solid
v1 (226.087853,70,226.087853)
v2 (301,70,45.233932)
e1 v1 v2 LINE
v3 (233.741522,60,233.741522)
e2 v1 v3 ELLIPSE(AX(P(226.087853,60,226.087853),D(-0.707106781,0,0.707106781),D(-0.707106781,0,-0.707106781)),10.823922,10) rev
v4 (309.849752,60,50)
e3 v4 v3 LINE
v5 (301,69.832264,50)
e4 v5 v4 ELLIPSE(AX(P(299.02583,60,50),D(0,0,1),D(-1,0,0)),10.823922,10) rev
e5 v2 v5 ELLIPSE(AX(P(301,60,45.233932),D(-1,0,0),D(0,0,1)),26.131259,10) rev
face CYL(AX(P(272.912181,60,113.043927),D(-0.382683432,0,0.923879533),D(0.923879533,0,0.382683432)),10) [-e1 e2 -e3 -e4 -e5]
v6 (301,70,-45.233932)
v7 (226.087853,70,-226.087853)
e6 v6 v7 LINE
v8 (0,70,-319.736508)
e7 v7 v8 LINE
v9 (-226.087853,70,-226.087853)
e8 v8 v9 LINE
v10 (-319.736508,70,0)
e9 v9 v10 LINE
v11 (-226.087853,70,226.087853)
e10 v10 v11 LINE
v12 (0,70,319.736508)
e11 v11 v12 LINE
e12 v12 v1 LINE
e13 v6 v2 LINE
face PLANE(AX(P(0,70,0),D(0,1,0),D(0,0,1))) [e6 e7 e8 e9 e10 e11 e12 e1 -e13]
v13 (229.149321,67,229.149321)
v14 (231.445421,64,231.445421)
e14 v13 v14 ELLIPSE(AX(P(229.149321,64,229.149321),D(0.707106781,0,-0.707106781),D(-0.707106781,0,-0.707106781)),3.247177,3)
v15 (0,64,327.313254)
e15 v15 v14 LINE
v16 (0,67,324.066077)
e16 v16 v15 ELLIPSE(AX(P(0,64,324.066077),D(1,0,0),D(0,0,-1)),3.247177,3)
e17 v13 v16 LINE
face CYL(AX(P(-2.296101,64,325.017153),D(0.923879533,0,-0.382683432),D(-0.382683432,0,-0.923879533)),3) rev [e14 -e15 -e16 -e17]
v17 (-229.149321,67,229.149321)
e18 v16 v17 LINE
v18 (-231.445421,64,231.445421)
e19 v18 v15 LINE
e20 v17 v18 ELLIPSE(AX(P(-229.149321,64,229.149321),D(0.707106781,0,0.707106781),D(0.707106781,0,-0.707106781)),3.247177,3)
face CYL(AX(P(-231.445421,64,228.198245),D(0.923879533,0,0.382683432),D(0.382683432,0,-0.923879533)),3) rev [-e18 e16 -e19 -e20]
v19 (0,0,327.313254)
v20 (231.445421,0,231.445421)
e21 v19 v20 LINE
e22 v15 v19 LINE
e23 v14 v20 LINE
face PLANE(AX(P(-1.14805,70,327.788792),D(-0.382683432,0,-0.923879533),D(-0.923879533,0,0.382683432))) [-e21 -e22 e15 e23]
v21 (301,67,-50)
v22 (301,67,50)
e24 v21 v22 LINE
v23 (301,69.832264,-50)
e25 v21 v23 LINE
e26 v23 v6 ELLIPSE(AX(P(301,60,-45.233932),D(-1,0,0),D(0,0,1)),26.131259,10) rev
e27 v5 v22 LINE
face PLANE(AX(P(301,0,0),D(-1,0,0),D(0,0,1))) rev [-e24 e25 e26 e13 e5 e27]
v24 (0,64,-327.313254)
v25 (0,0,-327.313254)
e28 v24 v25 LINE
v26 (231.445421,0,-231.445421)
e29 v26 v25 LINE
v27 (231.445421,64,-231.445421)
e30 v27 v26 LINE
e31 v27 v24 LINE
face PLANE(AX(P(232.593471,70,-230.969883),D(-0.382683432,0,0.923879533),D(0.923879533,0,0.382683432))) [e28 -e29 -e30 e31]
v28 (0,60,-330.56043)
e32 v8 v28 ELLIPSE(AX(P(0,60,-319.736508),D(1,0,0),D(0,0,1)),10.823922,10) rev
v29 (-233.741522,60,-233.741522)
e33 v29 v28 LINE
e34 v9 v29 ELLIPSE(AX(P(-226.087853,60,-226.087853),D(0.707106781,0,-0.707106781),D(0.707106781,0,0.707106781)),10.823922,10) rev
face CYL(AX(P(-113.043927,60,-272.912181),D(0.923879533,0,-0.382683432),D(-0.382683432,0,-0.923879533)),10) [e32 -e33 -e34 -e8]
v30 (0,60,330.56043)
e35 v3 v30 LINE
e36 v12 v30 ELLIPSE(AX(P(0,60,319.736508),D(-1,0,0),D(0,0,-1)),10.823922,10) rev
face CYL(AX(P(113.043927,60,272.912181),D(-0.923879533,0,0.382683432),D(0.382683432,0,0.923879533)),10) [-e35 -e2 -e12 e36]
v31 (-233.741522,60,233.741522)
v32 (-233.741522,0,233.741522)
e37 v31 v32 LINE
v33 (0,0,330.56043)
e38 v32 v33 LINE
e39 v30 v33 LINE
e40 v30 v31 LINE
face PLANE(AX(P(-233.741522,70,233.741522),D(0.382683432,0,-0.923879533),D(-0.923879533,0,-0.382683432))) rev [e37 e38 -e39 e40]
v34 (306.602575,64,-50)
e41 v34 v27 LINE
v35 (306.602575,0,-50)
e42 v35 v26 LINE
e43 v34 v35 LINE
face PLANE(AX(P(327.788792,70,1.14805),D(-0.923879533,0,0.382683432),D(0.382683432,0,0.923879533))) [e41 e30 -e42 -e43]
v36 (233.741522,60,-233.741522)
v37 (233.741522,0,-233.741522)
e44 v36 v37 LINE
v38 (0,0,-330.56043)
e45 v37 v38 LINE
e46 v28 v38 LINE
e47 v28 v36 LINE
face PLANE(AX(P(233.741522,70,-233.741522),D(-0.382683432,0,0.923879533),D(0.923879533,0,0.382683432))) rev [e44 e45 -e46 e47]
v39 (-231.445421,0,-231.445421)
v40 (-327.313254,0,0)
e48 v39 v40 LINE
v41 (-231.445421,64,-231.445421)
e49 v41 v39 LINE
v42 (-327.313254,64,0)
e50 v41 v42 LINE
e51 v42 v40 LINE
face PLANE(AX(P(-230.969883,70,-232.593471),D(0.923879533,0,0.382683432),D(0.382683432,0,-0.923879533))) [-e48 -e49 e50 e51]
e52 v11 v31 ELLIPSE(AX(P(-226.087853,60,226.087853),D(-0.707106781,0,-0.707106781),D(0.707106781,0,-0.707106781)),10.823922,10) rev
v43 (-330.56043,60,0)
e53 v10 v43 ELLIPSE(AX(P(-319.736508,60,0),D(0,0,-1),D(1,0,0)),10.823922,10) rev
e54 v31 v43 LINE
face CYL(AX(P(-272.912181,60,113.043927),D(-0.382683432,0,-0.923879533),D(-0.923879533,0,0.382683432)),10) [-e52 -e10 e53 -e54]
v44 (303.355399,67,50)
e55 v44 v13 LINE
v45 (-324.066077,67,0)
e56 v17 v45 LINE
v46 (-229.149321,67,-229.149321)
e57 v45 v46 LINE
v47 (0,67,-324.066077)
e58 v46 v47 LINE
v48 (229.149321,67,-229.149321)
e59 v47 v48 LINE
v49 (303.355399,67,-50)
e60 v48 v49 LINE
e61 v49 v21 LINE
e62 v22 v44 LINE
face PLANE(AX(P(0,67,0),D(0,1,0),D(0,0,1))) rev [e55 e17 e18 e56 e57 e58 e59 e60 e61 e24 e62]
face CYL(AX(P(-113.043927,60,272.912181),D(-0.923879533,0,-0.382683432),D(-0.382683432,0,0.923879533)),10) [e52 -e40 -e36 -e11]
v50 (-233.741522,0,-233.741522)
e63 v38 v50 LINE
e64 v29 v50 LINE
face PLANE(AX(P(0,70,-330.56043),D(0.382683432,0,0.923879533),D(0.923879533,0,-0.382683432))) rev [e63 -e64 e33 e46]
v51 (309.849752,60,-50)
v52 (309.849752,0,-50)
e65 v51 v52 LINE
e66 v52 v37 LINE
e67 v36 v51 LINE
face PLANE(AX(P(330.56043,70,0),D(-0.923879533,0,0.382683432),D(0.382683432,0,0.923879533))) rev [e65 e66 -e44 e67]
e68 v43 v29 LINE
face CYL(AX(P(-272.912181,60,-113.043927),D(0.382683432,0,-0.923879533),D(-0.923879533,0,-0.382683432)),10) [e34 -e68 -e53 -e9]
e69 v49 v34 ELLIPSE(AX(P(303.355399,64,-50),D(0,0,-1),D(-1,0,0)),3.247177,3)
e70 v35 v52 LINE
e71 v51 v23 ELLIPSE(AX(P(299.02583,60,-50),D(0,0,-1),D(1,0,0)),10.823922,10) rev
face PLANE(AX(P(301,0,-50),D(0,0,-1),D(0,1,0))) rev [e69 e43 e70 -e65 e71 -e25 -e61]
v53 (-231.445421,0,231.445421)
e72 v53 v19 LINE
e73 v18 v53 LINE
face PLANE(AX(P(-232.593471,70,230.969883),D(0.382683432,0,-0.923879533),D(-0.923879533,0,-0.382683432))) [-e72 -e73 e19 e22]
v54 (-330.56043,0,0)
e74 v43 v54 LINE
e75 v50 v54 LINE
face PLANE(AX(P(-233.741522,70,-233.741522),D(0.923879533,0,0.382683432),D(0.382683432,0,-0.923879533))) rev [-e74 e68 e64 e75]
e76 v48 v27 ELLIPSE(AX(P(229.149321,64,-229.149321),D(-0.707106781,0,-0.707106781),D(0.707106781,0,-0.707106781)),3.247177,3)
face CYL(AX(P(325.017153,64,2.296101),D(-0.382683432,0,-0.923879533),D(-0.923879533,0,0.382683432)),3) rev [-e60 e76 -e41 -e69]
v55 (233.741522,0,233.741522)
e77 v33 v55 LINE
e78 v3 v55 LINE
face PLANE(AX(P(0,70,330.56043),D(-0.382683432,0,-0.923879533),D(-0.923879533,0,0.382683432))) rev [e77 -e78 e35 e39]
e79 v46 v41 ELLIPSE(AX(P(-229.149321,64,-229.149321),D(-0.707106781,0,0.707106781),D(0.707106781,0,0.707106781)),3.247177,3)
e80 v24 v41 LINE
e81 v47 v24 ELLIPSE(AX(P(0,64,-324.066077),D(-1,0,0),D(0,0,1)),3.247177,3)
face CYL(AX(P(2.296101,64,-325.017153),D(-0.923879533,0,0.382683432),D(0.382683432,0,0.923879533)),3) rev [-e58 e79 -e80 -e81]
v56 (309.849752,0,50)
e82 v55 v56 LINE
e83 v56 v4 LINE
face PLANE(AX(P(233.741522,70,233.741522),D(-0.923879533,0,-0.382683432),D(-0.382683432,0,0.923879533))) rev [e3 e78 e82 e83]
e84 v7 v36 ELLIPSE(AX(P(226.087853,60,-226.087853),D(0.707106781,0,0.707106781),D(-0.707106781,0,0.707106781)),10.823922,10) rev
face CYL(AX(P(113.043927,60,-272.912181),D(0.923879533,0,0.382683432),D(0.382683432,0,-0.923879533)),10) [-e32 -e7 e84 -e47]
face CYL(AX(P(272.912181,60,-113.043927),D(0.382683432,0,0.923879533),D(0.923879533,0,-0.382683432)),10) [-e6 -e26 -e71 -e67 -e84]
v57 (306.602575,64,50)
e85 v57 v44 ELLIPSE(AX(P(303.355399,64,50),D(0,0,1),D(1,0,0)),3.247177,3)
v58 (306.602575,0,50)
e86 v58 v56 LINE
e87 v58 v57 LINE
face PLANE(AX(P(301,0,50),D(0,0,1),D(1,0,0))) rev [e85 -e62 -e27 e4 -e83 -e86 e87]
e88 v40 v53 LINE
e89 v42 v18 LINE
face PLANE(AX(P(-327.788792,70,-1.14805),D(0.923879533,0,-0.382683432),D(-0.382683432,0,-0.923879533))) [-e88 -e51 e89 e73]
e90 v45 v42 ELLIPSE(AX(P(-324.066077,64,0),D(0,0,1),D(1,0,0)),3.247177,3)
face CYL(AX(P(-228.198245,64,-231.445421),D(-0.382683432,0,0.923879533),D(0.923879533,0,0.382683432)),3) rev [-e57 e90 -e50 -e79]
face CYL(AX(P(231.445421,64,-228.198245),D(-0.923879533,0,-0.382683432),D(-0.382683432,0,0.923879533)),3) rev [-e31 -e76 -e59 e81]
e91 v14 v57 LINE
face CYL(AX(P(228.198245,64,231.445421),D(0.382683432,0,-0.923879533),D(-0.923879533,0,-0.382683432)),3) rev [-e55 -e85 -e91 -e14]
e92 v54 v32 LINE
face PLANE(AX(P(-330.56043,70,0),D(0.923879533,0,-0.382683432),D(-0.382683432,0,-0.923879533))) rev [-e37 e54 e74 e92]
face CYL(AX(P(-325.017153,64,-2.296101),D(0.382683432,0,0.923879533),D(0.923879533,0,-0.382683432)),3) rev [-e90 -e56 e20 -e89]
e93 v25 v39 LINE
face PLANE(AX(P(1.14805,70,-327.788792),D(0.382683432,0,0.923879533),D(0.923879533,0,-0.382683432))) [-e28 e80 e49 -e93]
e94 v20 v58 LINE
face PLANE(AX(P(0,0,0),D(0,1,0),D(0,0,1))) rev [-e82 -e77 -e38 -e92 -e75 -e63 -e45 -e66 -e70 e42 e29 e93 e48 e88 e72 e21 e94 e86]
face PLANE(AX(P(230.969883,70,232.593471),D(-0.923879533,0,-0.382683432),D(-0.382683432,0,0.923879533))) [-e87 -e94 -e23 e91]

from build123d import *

# Parameters (mm, degrees)
BOSS_EXTRUDE1_DEPTH = 70
SHELL1_T            = -3
SKETCH5_W           = 100
SKETCH5_H           = 80
CUT_EXTRUDE2_DEPTH  = 30
FILLET1_R           = 10
FILLET2_R           = 3


with BuildPart() as part:
    # Sketch3 → Boss-Extrude1 (new body)
    with BuildSketch(Plane(origin=(0, 0, 0), x_dir=(1, 0, 0), z_dir=(0, 1, 0))):
        Polygon((0, 330.560430114), (-233.741521725, 233.741521725), (-330.560430114, 0), (-233.741521725, -233.741521725), (0, -330.560430114), (233.741521725, -233.741521725), (330.560430114, 0), (233.741521725, 233.741521725), align=None)
    extrude(amount=BOSS_EXTRUDE1_DEPTH)

    # Shell1
    shell1_openings = [part.faces().sort_by_distance(p)[0] for p in [
        (0, 0, 0),
    ]]
    offset(amount=SHELL1_T, openings=shell1_openings, kind=Kind.INTERSECTION)

    # Sketch5 → Cut-Extrude2 (cut)
    with BuildSketch(Plane(origin=(331, 0, 0), x_dir=(0, 0, -1), z_dir=(1, 0, 0))):
        with Locations((0, 40)):
            Rectangle(SKETCH5_W, SKETCH5_H)
    extrude(amount=-CUT_EXTRUDE2_DEPTH, mode=Mode.SUBTRACT)

    # Fillet1
    fillet1_edges = [part.edges().sort_by_distance(p)[0] for p in [
        (271.79563686, 70, 141.870760863),
        (116.870760863, 70, 282.15097592),
        (-116.870760863, 70, 282.15097592),
        (-282.15097592, 70, 116.870760863),
        (-282.15097592, 70, -116.870760863),
        (-116.870760863, 70, -282.15097592),
        (116.870760863, 70, -282.15097592),
        (271.79563686, 70, -141.870760863),
    ]]
    fillet(fillet1_edges, radius=FILLET1_R)

    # Fillet2
    fillet2_edges = [part.edges().sort_by_distance(p)[0] for p in [
        (115.722710566, 67, 279.379337322),
        (269.023998263, 67, 140.722710566),
        (115.722710566, 67, -279.379337322),
        (-115.722710566, 67, -279.379337322),
        (-279.379337322, 67, -115.722710566),
        (-279.379337322, 67, 115.722710566),
        (-115.722710566, 67, 279.379337322),
        (269.023998263, 67, -140.722710566),
    ]]
    fillet(fillet2_edges, radius=FILLET2_R)


solid = part.part
